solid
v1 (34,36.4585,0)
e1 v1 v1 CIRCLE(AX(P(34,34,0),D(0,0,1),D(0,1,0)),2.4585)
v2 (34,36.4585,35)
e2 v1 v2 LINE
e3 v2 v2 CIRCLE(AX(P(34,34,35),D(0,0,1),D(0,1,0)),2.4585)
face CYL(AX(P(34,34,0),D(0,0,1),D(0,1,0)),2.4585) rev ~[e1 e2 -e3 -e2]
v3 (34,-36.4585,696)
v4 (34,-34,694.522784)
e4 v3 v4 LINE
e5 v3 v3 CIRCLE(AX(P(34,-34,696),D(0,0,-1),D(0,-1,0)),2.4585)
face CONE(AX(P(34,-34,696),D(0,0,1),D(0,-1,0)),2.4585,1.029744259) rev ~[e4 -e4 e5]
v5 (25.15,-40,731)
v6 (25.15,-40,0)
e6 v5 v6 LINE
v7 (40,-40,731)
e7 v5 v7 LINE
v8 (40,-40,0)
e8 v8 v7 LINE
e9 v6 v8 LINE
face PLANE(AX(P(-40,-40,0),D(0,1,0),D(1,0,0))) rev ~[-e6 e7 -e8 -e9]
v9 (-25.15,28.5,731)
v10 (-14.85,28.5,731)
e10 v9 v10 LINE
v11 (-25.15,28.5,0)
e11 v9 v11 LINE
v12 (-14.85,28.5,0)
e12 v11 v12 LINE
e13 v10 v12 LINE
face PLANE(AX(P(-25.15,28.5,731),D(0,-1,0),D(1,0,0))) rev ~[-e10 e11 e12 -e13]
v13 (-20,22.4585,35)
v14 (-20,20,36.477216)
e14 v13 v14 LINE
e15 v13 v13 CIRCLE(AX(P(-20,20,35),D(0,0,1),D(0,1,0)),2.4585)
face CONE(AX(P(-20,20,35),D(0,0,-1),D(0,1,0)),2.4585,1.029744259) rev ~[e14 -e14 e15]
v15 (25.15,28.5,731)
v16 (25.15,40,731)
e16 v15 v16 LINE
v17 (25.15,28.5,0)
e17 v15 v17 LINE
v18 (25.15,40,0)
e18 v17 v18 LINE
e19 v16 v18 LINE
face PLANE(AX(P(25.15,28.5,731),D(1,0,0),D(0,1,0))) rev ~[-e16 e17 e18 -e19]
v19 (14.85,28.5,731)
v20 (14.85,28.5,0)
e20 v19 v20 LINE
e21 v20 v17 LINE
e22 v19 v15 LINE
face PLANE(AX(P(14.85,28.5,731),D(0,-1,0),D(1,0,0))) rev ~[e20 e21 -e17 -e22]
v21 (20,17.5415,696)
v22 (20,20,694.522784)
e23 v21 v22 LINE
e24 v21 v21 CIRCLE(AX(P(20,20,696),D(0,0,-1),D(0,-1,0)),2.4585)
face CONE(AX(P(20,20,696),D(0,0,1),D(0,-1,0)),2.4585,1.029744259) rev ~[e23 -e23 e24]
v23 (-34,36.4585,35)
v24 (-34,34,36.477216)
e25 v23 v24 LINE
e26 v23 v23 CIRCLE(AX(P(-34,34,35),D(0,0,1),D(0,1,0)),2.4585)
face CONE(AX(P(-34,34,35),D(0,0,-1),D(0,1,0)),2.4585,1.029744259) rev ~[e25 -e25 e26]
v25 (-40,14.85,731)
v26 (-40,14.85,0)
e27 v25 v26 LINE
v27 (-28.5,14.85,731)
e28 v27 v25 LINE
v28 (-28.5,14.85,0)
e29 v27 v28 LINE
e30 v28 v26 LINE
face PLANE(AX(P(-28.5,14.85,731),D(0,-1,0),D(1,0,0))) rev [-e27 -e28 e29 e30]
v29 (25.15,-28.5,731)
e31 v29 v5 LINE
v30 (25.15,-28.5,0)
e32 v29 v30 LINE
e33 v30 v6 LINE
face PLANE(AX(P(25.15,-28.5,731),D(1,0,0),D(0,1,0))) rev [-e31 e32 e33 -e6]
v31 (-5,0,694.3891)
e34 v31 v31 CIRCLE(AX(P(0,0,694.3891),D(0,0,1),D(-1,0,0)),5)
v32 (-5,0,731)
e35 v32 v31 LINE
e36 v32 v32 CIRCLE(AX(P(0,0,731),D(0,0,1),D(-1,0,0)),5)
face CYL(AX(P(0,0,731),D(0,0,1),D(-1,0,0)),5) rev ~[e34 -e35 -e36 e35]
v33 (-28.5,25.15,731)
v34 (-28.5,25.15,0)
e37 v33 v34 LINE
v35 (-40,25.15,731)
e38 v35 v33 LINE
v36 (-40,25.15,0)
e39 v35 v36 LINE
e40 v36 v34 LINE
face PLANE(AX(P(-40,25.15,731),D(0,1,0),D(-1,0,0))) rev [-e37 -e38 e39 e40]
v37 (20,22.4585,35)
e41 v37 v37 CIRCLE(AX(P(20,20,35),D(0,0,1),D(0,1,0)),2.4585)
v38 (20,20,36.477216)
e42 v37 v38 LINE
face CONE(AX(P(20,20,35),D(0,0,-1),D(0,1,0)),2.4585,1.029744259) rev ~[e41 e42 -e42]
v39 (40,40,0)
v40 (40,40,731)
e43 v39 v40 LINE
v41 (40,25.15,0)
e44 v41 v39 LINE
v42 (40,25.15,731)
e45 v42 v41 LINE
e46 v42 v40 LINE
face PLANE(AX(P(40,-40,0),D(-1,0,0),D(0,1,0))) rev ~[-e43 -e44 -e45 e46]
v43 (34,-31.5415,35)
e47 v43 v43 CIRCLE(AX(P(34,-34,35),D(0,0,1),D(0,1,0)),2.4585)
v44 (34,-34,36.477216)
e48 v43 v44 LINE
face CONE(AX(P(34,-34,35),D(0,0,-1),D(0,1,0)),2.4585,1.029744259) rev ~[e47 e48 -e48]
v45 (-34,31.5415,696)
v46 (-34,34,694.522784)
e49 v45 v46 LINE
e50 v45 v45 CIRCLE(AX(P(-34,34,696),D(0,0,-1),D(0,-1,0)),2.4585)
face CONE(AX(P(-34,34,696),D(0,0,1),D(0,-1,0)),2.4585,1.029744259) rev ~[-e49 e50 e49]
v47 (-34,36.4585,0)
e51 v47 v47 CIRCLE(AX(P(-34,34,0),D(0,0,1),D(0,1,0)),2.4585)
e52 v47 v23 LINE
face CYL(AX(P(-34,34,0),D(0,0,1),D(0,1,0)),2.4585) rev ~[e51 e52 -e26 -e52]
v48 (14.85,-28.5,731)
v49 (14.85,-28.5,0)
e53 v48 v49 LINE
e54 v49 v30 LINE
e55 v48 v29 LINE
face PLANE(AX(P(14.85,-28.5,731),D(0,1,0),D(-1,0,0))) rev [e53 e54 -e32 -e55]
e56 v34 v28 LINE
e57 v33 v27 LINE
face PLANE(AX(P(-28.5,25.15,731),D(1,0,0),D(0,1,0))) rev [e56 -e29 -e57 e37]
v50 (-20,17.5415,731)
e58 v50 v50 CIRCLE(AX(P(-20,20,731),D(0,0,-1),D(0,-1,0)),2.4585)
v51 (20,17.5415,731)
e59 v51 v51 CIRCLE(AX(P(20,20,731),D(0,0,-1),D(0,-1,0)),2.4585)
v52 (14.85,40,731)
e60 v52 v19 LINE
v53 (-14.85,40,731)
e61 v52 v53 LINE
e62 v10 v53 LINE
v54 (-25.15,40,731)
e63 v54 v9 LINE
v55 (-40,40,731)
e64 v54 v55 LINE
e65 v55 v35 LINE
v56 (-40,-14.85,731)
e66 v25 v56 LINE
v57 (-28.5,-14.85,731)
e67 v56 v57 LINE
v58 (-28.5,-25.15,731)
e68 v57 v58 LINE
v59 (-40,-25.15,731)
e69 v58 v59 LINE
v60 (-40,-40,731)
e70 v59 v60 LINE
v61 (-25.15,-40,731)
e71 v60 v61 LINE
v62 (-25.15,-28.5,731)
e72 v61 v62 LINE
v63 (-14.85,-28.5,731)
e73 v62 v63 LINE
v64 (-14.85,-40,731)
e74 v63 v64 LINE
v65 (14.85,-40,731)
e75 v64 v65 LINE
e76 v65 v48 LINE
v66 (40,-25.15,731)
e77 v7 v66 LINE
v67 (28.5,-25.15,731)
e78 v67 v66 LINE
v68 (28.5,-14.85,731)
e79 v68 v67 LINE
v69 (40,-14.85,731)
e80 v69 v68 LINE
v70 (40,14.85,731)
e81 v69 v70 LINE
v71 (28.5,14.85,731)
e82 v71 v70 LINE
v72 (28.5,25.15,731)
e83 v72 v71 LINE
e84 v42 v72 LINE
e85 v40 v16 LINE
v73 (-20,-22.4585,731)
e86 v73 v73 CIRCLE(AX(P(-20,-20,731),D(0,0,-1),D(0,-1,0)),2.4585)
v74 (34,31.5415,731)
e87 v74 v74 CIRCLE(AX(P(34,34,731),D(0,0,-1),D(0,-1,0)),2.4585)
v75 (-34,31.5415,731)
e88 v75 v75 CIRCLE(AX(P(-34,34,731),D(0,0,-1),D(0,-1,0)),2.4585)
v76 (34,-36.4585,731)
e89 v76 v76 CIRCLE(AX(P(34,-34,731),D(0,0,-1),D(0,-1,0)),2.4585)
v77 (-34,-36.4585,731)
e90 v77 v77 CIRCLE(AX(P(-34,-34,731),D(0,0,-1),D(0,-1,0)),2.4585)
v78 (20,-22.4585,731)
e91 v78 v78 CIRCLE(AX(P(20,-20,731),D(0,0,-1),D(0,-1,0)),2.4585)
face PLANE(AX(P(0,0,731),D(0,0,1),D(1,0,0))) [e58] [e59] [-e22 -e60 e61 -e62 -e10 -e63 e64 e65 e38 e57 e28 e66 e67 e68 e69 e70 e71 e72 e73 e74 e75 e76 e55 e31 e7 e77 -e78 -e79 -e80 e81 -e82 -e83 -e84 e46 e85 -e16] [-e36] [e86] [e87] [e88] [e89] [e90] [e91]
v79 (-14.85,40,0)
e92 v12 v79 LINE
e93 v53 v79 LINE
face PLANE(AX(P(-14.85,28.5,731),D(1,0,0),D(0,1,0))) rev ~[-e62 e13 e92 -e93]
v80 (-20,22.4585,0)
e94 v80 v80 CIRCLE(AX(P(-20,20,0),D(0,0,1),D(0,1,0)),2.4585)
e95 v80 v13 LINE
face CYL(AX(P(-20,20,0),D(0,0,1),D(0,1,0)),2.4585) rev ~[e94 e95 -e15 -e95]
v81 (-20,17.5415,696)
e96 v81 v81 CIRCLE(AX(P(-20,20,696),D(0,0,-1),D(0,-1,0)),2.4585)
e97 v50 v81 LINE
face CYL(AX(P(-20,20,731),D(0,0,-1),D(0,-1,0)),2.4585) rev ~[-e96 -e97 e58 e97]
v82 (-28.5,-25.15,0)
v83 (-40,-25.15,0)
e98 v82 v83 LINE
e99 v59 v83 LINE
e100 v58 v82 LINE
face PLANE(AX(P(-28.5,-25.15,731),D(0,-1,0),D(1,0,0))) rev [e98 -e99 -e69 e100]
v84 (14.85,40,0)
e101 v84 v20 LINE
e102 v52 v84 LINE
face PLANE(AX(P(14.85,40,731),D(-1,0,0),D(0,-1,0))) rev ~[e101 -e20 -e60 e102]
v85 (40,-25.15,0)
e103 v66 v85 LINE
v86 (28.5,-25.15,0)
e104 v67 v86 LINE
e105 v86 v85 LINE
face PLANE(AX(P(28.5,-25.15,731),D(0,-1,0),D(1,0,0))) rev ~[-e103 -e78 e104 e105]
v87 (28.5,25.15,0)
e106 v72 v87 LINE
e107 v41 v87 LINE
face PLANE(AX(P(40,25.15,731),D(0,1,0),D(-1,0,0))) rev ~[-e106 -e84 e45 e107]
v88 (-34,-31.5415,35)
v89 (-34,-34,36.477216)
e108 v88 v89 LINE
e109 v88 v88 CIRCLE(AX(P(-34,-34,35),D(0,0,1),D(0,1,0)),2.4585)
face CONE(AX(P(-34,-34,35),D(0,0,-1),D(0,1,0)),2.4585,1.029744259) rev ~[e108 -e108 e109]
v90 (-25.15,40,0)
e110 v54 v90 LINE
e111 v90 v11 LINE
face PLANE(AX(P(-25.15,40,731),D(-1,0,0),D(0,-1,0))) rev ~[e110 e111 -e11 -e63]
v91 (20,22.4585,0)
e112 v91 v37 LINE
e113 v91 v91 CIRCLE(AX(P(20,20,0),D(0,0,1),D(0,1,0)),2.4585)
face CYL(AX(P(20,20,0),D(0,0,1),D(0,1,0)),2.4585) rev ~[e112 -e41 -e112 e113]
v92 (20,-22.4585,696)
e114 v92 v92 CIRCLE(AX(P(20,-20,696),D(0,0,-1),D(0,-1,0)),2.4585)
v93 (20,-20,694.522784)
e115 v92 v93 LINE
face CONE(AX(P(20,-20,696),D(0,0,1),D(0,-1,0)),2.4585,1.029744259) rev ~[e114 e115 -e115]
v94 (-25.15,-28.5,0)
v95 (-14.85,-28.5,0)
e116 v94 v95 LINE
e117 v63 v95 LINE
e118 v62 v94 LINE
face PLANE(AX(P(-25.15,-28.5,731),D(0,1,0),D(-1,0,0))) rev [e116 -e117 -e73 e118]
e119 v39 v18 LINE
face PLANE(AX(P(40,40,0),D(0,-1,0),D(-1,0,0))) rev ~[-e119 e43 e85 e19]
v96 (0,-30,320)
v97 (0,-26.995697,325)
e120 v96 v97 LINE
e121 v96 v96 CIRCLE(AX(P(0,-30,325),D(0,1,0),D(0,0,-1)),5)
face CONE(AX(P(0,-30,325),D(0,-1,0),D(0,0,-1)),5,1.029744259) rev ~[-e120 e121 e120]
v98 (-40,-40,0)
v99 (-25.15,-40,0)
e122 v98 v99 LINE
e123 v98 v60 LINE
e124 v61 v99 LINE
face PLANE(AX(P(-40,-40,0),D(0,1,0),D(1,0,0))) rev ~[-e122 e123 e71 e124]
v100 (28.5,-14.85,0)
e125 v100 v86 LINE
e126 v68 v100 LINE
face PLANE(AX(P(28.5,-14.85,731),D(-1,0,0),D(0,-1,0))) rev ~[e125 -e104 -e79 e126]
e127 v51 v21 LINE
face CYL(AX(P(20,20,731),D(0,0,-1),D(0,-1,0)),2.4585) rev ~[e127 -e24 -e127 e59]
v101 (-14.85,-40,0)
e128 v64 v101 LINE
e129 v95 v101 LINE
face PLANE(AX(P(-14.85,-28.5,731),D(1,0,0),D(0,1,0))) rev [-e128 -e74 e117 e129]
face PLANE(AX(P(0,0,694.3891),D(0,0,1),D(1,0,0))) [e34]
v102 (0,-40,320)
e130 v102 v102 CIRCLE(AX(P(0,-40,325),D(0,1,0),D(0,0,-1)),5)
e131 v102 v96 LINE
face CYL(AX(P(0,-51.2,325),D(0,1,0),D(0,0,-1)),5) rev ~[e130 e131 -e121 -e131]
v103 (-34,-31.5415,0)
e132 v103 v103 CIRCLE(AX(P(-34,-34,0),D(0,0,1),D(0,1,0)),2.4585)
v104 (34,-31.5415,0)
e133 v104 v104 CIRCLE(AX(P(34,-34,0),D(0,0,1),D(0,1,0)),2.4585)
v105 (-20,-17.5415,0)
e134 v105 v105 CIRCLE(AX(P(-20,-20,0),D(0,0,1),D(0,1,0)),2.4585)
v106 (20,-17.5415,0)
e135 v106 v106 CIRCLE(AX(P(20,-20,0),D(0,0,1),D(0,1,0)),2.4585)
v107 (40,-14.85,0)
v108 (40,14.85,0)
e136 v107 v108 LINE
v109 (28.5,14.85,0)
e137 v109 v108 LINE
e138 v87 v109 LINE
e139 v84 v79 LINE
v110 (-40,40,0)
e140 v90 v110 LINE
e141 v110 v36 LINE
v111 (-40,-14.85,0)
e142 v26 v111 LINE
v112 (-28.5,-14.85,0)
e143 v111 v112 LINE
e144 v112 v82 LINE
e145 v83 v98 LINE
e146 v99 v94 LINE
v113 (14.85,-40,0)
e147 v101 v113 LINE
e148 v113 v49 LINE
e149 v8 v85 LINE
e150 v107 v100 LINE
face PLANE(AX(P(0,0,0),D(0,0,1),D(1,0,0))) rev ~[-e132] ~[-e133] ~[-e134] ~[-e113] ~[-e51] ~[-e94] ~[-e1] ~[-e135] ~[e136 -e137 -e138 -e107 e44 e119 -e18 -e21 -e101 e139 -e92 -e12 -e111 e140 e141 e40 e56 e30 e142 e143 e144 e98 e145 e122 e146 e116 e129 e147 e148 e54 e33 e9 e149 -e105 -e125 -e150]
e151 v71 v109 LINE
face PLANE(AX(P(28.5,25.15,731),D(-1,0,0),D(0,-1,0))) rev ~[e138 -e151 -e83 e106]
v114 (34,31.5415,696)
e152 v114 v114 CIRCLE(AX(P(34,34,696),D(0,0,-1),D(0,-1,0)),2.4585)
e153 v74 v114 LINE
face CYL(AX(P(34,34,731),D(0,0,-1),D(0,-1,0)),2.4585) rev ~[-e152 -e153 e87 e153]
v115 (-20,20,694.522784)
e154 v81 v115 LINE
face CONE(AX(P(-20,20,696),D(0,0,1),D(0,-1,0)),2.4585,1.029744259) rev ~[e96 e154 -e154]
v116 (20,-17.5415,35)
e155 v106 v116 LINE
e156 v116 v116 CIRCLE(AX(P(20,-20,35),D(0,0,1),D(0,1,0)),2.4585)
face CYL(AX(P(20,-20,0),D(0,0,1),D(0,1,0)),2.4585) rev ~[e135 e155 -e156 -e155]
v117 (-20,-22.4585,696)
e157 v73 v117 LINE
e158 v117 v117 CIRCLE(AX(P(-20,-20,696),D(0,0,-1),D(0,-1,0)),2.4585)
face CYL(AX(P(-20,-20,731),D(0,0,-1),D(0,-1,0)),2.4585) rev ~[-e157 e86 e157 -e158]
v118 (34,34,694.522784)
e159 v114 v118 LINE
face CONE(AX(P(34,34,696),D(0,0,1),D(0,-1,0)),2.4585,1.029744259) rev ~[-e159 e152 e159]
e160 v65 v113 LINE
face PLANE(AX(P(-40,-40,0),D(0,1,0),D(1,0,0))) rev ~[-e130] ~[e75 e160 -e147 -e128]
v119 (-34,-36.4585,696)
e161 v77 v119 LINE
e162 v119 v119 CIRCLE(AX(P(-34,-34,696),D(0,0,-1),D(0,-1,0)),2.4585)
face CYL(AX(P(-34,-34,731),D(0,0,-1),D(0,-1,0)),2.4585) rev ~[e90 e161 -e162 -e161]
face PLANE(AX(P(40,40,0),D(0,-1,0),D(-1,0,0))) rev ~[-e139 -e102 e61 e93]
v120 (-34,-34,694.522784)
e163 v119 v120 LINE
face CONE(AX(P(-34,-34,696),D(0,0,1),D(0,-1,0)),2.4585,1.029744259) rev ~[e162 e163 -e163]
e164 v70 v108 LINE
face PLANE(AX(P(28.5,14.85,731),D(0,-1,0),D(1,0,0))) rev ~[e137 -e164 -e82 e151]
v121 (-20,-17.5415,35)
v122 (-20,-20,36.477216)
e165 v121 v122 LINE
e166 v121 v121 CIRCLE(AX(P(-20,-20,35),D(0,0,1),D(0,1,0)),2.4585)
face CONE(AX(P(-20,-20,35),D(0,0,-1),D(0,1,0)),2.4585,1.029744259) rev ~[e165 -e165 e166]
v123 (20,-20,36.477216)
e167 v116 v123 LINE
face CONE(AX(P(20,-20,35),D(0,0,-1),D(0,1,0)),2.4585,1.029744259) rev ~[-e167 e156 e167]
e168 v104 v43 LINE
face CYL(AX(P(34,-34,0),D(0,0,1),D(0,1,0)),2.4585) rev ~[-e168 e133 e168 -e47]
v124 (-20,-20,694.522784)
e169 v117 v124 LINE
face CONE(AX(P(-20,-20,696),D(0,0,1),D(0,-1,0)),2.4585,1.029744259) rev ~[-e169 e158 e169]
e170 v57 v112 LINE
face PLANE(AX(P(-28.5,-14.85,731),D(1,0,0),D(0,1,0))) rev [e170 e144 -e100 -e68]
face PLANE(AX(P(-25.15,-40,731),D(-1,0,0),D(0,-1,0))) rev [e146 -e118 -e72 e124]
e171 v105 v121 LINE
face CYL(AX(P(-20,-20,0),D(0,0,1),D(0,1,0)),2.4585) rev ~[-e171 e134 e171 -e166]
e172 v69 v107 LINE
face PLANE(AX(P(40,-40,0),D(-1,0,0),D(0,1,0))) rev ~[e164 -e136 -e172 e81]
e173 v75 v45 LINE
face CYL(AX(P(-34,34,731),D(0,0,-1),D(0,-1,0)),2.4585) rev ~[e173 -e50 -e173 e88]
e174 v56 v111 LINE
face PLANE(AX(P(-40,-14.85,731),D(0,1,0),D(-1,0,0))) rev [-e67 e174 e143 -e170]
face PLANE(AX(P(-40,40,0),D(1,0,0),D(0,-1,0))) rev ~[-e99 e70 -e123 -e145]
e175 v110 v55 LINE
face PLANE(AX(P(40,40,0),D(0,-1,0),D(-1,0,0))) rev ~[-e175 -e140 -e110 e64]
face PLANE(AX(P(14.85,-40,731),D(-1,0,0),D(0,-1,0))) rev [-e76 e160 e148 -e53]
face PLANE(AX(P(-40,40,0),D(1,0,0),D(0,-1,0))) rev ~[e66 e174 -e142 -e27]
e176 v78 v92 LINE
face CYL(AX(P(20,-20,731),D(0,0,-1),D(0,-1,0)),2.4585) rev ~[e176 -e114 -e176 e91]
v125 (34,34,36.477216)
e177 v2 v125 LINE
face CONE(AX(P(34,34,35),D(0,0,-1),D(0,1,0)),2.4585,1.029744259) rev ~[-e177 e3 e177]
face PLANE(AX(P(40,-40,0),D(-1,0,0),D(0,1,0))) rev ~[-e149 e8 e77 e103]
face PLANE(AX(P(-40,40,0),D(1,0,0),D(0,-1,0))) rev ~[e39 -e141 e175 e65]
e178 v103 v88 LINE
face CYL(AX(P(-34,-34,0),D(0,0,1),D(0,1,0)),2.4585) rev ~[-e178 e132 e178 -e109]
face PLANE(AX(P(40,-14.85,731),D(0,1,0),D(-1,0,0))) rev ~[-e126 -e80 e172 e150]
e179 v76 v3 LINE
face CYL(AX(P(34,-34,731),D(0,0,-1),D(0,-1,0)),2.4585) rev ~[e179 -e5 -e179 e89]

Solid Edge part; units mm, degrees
sketch "Sketch1" plane through (0, 0, 0) normal (0, 0, 1) x (1, 0, 0)
  line L0 (40, -40) -> (40, 40)
  line L1 (40, 40) -> (-40, 40)
  line L2 (-40, 40) -> (-40, -40)
  line L3 (-40, -40) -> (40, -40)
extrude "Protrusion1" add sketch "Sketch1" along normal blind 731
extrude "Extrusionsausschnitt_1" [suppressed]
extrude "Protrusion2" [suppressed]
extrude "Protrusion3" [suppressed]
hole "Bohrung_1" at (0, -60, 325) direction (0, 1, 0) diameter 10 depth 30 tip angle 118 counterbore diameter 15 counterbore depth 8.8
mirror "Mirror1" [suppressed]
sketch "Sketch2" plane through (0, 0, 731) normal (0, 0, 1) x (-1, 0, 0)
  circle A0 centre (0, 0) radius 5
extrude "Extrusionsausschnitt_2" cut sketch "Sketch2" against normal blind 36.6109
sketch "Sketch3" plane through (0, 0, 731) normal (0, 0, 1) x (1, 0, 0)
  line L0 (28.5, -25.15) -> (40, -25.15)
  line L1 (40, -25.15) -> (40, -14.85)
  line L2 (40, -14.85) -> (28.5, -14.85)
  line L3 (28.5, -14.85) -> (28.5, -25.15)
  line L4 (28.5, 14.85) -> (40, 14.85)
  line L5 (40, 14.85) -> (40, 25.15)
  line L6 (40, 25.15) -> (28.5, 25.15)
  line L7 (28.5, 25.15) -> (28.5, 14.85)
  dimension "D1" = 10.3
  dimension "D2" = 11.5
  dimension "D3" = 20
  dimension "D4" = 20
extrude "Cutout1" cut sketch "Sketch3" against normal up to vertex (731 mm away)
extrude "Extrusionsausschnitt_4" [suppressed]
mirror "Mirror2" about plane through (-6.1475, 6.1475, 8.6939) normal (0.7071, 0.7071, 0) of "Cutout1"
mirror "Mirror3" about plane through (0, 0, 0) normal (1, 0, 0) of "Cutout1"
mirror "Mirror4" about plane through (0, 0, 0) normal (0, -1, 0) of "Mirror2"
hole "Bohrung_2" at (-34, -34, 0) direction (0, 0, 1) diameter 4.917 depth 35 tip angle 118 thread major 6 thread length 30
hole "Hole1" at (34, -34, 0) direction (0, 0, 1) diameter 4.917 depth 35 tip angle 118 thread major 6 thread length 30
hole "Hole2" at (34, 34, 0) direction (0, 0, 1) diameter 4.917 depth 35 tip angle 118 thread major 6 thread length 30
hole "Hole3" at (-34, 34, 0) direction (0, 0, 1) diameter 4.917 depth 35 tip angle 118 thread major 6 thread length 30
hole "Hole4" at (-20, -20, 0) direction (0, 0, 1) diameter 4.917 depth 35 tip angle 118 thread major 6 thread length 30
hole "Hole5" at (20, -20, 0) direction (0, 0, 1) diameter 4.917 depth 35 tip angle 118 thread major 6 thread length 30
hole "Hole6" at (20, 20, 0) direction (0, 0, 1) diameter 4.917 depth 35 tip angle 118 thread major 6 thread length 30
hole "Hole7" at (-20, 20, 0) direction (0, 0, 1) diameter 4.917 depth 35 tip angle 118 thread major 6 thread length 30
hole "Bohrung_6" at (-34, 34, 731) direction (0, 0, -1) diameter 4.917 depth 35 tip angle 118 thread major 6 thread length 30
hole "Hole8" at (-34, -34, 731) direction (0, 0, -1) diameter 4.917 depth 35 tip angle 118 thread major 6 thread length 30
hole "Hole9" at (34, 34, 731) direction (0, 0, -1) diameter 4.917 depth 35 tip angle 118 thread major 6 thread length 30
hole "Hole10" at (34, -34, 731) direction (0, 0, -1) diameter 4.917 depth 35 tip angle 118 thread major 6 thread length 30
hole "Hole11" at (-20, -20, 731) direction (0, 0, -1) diameter 4.917 depth 35 tip angle 118 thread major 6 thread length 30
hole "Hole12" at (-20, 20, 731) direction (0, 0, -1) diameter 4.917 depth 35 tip angle 118 thread major 6 thread length 30
hole "Hole13" at (20, 20, 731) direction (0, 0, -1) diameter 4.917 depth 35 tip angle 118 thread major 6 thread length 30
hole "Hole14" at (20, -20, 731) direction (0, 0, -1) diameter 4.917 depth 35 tip angle 118 thread major 6 thread length 30
